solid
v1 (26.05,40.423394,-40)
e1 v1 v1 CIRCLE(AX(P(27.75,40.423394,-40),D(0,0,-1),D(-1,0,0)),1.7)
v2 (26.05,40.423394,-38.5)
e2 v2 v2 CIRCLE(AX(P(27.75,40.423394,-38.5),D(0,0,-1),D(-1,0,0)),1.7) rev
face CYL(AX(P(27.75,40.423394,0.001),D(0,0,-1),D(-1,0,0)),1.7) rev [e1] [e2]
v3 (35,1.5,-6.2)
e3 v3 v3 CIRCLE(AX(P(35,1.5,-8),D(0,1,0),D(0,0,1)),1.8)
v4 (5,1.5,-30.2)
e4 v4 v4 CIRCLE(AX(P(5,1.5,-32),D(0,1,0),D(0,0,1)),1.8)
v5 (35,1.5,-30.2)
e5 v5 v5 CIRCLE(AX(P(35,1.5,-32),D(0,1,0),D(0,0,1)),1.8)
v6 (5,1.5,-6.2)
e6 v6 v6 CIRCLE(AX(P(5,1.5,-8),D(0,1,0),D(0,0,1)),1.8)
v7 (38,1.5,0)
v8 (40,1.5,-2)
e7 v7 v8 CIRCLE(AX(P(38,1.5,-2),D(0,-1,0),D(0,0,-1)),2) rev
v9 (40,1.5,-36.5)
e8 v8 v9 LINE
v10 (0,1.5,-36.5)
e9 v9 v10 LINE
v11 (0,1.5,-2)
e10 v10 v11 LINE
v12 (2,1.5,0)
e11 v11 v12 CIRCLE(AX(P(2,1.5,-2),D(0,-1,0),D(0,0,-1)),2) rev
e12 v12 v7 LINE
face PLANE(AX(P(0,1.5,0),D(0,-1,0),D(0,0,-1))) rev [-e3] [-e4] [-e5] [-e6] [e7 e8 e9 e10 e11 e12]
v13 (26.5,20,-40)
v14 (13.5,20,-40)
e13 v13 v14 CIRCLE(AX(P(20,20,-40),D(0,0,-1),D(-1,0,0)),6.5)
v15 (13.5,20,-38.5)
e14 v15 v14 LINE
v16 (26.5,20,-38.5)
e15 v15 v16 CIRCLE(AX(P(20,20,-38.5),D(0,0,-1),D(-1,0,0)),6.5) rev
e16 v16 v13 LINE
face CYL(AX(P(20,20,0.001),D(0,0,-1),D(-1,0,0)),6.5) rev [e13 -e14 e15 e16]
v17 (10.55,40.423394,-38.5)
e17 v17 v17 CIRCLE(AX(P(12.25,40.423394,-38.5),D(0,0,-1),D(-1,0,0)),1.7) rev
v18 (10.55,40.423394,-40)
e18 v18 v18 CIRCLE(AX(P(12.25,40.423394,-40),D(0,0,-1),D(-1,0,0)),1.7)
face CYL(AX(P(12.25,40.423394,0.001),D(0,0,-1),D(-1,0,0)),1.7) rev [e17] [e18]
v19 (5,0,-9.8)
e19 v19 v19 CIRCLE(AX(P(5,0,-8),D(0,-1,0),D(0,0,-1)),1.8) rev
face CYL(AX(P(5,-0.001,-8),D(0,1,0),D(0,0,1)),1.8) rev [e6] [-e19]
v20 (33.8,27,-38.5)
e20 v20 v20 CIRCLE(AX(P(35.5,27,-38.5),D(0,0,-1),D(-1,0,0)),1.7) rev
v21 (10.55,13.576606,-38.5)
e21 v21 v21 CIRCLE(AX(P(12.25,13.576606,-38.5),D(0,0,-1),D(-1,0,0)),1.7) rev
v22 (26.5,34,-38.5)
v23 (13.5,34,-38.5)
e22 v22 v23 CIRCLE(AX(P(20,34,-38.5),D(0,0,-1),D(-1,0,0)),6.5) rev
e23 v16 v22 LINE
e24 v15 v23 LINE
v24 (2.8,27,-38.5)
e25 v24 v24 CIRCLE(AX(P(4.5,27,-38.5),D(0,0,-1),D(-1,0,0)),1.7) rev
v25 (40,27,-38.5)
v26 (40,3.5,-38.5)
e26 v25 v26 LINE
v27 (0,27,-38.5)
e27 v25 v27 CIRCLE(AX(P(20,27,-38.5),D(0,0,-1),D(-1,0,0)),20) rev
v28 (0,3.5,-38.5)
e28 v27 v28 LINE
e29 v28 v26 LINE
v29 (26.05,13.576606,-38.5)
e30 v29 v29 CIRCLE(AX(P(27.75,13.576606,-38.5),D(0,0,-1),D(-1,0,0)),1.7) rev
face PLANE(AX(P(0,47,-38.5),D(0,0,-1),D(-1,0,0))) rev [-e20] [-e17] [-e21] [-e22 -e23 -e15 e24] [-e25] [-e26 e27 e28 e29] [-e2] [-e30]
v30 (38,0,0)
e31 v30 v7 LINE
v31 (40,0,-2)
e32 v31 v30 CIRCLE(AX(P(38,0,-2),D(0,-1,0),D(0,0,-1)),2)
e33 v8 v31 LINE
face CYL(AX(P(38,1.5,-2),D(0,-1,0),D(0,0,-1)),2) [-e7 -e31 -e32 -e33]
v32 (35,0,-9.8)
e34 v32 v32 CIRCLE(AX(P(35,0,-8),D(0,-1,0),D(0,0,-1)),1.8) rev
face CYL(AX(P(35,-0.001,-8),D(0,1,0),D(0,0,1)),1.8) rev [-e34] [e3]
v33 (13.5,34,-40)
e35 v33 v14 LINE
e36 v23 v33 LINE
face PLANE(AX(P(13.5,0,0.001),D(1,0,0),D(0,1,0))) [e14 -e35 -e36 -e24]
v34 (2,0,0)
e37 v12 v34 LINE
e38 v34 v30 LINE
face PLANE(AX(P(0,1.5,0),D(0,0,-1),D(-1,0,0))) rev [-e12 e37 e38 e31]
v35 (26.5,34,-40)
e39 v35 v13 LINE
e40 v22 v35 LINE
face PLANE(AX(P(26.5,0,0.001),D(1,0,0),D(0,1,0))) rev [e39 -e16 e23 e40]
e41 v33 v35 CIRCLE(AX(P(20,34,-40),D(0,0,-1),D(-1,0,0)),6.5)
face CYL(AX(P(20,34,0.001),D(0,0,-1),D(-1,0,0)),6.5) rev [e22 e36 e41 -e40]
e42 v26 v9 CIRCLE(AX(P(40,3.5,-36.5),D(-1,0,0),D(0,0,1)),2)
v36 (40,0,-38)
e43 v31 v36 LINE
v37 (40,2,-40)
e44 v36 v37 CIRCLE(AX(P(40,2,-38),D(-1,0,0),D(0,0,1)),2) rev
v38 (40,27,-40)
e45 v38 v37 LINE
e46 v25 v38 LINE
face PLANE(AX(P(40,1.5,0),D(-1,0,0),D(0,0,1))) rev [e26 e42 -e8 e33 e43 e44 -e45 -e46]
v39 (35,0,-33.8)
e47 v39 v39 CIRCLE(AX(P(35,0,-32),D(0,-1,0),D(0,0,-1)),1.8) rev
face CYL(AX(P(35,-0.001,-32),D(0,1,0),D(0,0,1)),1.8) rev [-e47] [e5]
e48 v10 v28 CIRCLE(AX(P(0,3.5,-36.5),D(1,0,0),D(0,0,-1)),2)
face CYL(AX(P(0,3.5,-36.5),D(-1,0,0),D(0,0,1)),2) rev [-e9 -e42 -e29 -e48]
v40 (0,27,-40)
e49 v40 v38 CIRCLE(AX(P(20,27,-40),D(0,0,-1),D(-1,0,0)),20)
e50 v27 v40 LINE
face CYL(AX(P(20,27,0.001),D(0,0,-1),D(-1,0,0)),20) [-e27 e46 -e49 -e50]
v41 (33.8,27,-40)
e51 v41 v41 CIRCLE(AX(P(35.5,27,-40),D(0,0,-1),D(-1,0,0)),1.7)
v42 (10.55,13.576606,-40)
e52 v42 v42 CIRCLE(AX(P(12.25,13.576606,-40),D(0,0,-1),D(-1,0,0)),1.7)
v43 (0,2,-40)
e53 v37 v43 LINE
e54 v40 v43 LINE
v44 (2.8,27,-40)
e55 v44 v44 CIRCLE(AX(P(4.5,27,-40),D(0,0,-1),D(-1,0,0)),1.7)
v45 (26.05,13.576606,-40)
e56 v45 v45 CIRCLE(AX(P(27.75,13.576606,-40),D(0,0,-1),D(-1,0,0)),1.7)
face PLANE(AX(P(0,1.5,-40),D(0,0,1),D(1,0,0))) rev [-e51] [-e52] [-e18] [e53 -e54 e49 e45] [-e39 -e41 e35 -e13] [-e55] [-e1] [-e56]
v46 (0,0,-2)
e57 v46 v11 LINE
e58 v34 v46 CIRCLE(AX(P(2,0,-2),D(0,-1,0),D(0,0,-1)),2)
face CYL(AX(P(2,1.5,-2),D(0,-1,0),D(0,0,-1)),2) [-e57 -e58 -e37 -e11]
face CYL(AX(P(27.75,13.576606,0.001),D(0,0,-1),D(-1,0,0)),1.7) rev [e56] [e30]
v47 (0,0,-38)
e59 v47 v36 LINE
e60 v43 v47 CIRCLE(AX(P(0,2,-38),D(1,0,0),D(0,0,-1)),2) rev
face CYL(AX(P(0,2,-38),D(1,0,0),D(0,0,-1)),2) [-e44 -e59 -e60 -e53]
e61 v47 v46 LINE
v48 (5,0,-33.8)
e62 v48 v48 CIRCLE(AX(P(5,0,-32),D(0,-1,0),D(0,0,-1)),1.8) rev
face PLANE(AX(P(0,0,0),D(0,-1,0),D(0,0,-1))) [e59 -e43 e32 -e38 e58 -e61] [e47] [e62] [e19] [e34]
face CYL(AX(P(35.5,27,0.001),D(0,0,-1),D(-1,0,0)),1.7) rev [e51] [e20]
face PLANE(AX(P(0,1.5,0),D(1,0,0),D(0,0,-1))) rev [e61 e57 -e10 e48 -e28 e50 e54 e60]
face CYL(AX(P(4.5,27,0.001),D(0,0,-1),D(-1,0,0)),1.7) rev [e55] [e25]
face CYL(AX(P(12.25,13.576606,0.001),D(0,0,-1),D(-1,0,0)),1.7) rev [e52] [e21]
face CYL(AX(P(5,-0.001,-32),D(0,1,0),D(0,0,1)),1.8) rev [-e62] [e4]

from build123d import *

# Parameters (mm, degrees)
SKETCH1_W           = 40
SKETCH1_H           = 40
BOSS_EXTRUDE1_DEPTH = 1.5
SKETCH2_W           = 40
SKETCH2_H           = 1.5
BOSS_EXTRUDE2_DEPTH = 45.5
CUT_EXTRUDE2_REACH  = 75.546
CUT_EXTRUDE3_REACH  = 75.546
SKETCH4_R           = 1.7
CUT_EXTRUDE4_REACH  = 74.596
SKETCH5_R           = 1.8
FILLET1_R           = 2


with BuildPart() as part:
    # Sketch1 → Boss-Extrude1 (new body)
    with BuildSketch(Plane(origin=(0, 0, 0), x_dir=(1, 0, 0), z_dir=(0, 1, 0))):
        with Locations((20, 20)):
            Rectangle(SKETCH1_W, SKETCH1_H)
    extrude(amount=BOSS_EXTRUDE1_DEPTH)

    # Sketch2 → Boss-Extrude2 (add)
    with BuildSketch(Plane(origin=(0, 1.5, 0), x_dir=(1, 0, 0), z_dir=(0, 1, 0))):
        with Locations((20, 39.25)):
            Rectangle(SKETCH2_W, SKETCH2_H)
    extrude(amount=BOSS_EXTRUDE2_DEPTH)

    # Sketch3 → Cut-Extrude2 (cut, up to next)
    with BuildSketch(Plane(origin=(0, 0, -40), x_dir=(-1, 0, 0), z_dir=(0, 0, -1)), mode=Mode.PRIVATE) as cut_extrude2_sk1:
        with BuildLine():
            Line((-13.5, 20), (-13.5, 34))
            ThreePointArc((-13.5, 34), (-20, 40.5), (-26.5, 34))
            Line((-26.5, 34), (-26.5, 20))
            ThreePointArc((-26.5, 20), (-20, 13.5), (-13.5, 20))
        make_face()
    cut_extrude2_tool1 = extrude(cut_extrude2_sk1.sketch, amount=-CUT_EXTRUDE2_REACH, mode=Mode.PRIVATE) & part.part
    # Sketch3 → Cut-Extrude2 (cut, up to next)
    with BuildSketch(Plane(origin=(0, 0, -40), x_dir=(-1, 0, 0), z_dir=(0, 0, -1)), mode=Mode.PRIVATE) as cut_extrude2_sk2:
        with BuildLine():
            Line((-20, 47), (-40, 47))
            Line((-40, 47), (-40, 27))
            ThreePointArc((-40, 27), (-34.142135624, 41.142135624), (-20, 47))
        make_face()
    cut_extrude2_tool2 = extrude(cut_extrude2_sk2.sketch, amount=-CUT_EXTRUDE2_REACH, mode=Mode.PRIVATE) & part.part
    # Sketch3 → Cut-Extrude2 (cut, up to next)
    with BuildSketch(Plane(origin=(0, 0, -40), x_dir=(-1, 0, 0), z_dir=(0, 0, -1)), mode=Mode.PRIVATE) as cut_extrude2_sk3:
        with BuildLine():
            Line((0, 47), (-20, 47))
            ThreePointArc((-20, 47), (-5.857864376, 41.142135624), (0, 27))
            Line((0, 27), (0, 47))
        make_face()
    cut_extrude2_tool3 = extrude(cut_extrude2_sk3.sketch, amount=-CUT_EXTRUDE2_REACH, mode=Mode.PRIVATE) & part.part
    add(cut_extrude2_tool1.solids().sort_by_distance((20, 27, -40))[0], mode=Mode.SUBTRACT)
    add(cut_extrude2_tool2.solids().sort_by_distance((35.532641, 42.532641, -40))[0], mode=Mode.SUBTRACT)
    add(cut_extrude2_tool3.solids().sort_by_distance((4.467359, 42.532641, -40))[0], mode=Mode.SUBTRACT)

    # Sketch4 → Cut-Extrude3 (cut, up to next)
    with BuildSketch(Plane(origin=(0, 0, -40), x_dir=(-1, 0, 0), z_dir=(0, 0, -1)), mode=Mode.PRIVATE) as cut_extrude3_sk1:
        with Locations((-35.5, 27)):
            Circle(SKETCH4_R)
    cut_extrude3_tool1 = extrude(cut_extrude3_sk1.sketch, amount=-CUT_EXTRUDE3_REACH, mode=Mode.PRIVATE) & part.part
    # Sketch4 → Cut-Extrude3 (cut, up to next)
    with BuildSketch(Plane(origin=(0, 0, -40), x_dir=(-1, 0, 0), z_dir=(0, 0, -1)), mode=Mode.PRIVATE) as cut_extrude3_sk2:
        with Locations((-27.75, 40.423393759)):
            Circle(SKETCH4_R)
    cut_extrude3_tool2 = extrude(cut_extrude3_sk2.sketch, amount=-CUT_EXTRUDE3_REACH, mode=Mode.PRIVATE) & part.part
    # Sketch4 → Cut-Extrude3 (cut, up to next)
    with BuildSketch(Plane(origin=(0, 0, -40), x_dir=(-1, 0, 0), z_dir=(0, 0, -1)), mode=Mode.PRIVATE) as cut_extrude3_sk3:
        with Locations((-12.25, 40.423393759)):
            Circle(SKETCH4_R)
    cut_extrude3_tool3 = extrude(cut_extrude3_sk3.sketch, amount=-CUT_EXTRUDE3_REACH, mode=Mode.PRIVATE) & part.part
    # Sketch4 → Cut-Extrude3 (cut, up to next)
    with BuildSketch(Plane(origin=(0, 0, -40), x_dir=(-1, 0, 0), z_dir=(0, 0, -1)), mode=Mode.PRIVATE) as cut_extrude3_sk4:
        with Locations((-4.5, 27)):
            Circle(SKETCH4_R)
    cut_extrude3_tool4 = extrude(cut_extrude3_sk4.sketch, amount=-CUT_EXTRUDE3_REACH, mode=Mode.PRIVATE) & part.part
    # Sketch4 → Cut-Extrude3 (cut, up to next)
    with BuildSketch(Plane(origin=(0, 0, -40), x_dir=(-1, 0, 0), z_dir=(0, 0, -1)), mode=Mode.PRIVATE) as cut_extrude3_sk5:
        with Locations((-12.25, 13.576606241)):
            Circle(SKETCH4_R)
    cut_extrude3_tool5 = extrude(cut_extrude3_sk5.sketch, amount=-CUT_EXTRUDE3_REACH, mode=Mode.PRIVATE) & part.part
    # Sketch4 → Cut-Extrude3 (cut, up to next)
    with BuildSketch(Plane(origin=(0, 0, -40), x_dir=(-1, 0, 0), z_dir=(0, 0, -1)), mode=Mode.PRIVATE) as cut_extrude3_sk6:
        with Locations((-27.75, 13.576606241)):
            Circle(SKETCH4_R)
    cut_extrude3_tool6 = extrude(cut_extrude3_sk6.sketch, amount=-CUT_EXTRUDE3_REACH, mode=Mode.PRIVATE) & part.part
    add(cut_extrude3_tool1.solids().sort_by_distance((35.5, 27, -40))[0], mode=Mode.SUBTRACT)
    add(cut_extrude3_tool2.solids().sort_by_distance((27.75, 40.423394, -40))[0], mode=Mode.SUBTRACT)
    add(cut_extrude3_tool3.solids().sort_by_distance((12.25, 40.423394, -40))[0], mode=Mode.SUBTRACT)
    add(cut_extrude3_tool4.solids().sort_by_distance((4.5, 27, -40))[0], mode=Mode.SUBTRACT)
    add(cut_extrude3_tool5.solids().sort_by_distance((12.25, 13.576606, -40))[0], mode=Mode.SUBTRACT)
    add(cut_extrude3_tool6.solids().sort_by_distance((27.75, 13.576606, -40))[0], mode=Mode.SUBTRACT)

    # Sketch5 → Cut-Extrude4 (cut, up to next)
    with BuildSketch(Plane(origin=(0, 1.5, 0), x_dir=(1, 0, 0), z_dir=(0, 1, 0)), mode=Mode.PRIVATE) as cut_extrude4_sk1:
        with Locations(Location((5, 32, 0), (0, 0, 270))):
            Circle(SKETCH5_R)
    cut_extrude4_tool1 = extrude(cut_extrude4_sk1.sketch, amount=-CUT_EXTRUDE4_REACH, mode=Mode.PRIVATE) & part.part
    # Sketch5 → Cut-Extrude4 (cut, up to next)
    with BuildSketch(Plane(origin=(0, 1.5, 0), x_dir=(1, 0, 0), z_dir=(0, 1, 0)), mode=Mode.PRIVATE) as cut_extrude4_sk2:
        with Locations(Location((35, 32, 0), (0, 0, 270))):
            Circle(SKETCH5_R)
    cut_extrude4_tool2 = extrude(cut_extrude4_sk2.sketch, amount=-CUT_EXTRUDE4_REACH, mode=Mode.PRIVATE) & part.part
    # Sketch5 → Cut-Extrude4 (cut, up to next)
    with BuildSketch(Plane(origin=(0, 1.5, 0), x_dir=(1, 0, 0), z_dir=(0, 1, 0)), mode=Mode.PRIVATE) as cut_extrude4_sk3:
        with Locations(Location((35, 8, 0), (0, 0, 270))):
            Circle(SKETCH5_R)
    cut_extrude4_tool3 = extrude(cut_extrude4_sk3.sketch, amount=-CUT_EXTRUDE4_REACH, mode=Mode.PRIVATE) & part.part
    # Sketch5 → Cut-Extrude4 (cut, up to next)
    with BuildSketch(Plane(origin=(0, 1.5, 0), x_dir=(1, 0, 0), z_dir=(0, 1, 0)), mode=Mode.PRIVATE) as cut_extrude4_sk4:
        with Locations(Location((5, 8, 0), (0, 0, 270))):
            Circle(SKETCH5_R)
    cut_extrude4_tool4 = extrude(cut_extrude4_sk4.sketch, amount=-CUT_EXTRUDE4_REACH, mode=Mode.PRIVATE) & part.part
    add(cut_extrude4_tool1.solids().sort_by_distance((5, 1.5, -32))[0], mode=Mode.SUBTRACT)
    add(cut_extrude4_tool2.solids().sort_by_distance((35, 1.5, -32))[0], mode=Mode.SUBTRACT)
    add(cut_extrude4_tool3.solids().sort_by_distance((35, 1.5, -8))[0], mode=Mode.SUBTRACT)
    add(cut_extrude4_tool4.solids().sort_by_distance((5, 1.5, -8))[0], mode=Mode.SUBTRACT)

    # Fillet1
    fillet1_edges = [part.edges().sort_by_distance(p)[0] for p in [
        (20, 1.5, -38.5),
        (20, 0, -40),
        (40, 0.75, 0),
        (0, 0.75, 0),
    ]]
    fillet(fillet1_edges, radius=FILLET1_R)


solid = part.part
